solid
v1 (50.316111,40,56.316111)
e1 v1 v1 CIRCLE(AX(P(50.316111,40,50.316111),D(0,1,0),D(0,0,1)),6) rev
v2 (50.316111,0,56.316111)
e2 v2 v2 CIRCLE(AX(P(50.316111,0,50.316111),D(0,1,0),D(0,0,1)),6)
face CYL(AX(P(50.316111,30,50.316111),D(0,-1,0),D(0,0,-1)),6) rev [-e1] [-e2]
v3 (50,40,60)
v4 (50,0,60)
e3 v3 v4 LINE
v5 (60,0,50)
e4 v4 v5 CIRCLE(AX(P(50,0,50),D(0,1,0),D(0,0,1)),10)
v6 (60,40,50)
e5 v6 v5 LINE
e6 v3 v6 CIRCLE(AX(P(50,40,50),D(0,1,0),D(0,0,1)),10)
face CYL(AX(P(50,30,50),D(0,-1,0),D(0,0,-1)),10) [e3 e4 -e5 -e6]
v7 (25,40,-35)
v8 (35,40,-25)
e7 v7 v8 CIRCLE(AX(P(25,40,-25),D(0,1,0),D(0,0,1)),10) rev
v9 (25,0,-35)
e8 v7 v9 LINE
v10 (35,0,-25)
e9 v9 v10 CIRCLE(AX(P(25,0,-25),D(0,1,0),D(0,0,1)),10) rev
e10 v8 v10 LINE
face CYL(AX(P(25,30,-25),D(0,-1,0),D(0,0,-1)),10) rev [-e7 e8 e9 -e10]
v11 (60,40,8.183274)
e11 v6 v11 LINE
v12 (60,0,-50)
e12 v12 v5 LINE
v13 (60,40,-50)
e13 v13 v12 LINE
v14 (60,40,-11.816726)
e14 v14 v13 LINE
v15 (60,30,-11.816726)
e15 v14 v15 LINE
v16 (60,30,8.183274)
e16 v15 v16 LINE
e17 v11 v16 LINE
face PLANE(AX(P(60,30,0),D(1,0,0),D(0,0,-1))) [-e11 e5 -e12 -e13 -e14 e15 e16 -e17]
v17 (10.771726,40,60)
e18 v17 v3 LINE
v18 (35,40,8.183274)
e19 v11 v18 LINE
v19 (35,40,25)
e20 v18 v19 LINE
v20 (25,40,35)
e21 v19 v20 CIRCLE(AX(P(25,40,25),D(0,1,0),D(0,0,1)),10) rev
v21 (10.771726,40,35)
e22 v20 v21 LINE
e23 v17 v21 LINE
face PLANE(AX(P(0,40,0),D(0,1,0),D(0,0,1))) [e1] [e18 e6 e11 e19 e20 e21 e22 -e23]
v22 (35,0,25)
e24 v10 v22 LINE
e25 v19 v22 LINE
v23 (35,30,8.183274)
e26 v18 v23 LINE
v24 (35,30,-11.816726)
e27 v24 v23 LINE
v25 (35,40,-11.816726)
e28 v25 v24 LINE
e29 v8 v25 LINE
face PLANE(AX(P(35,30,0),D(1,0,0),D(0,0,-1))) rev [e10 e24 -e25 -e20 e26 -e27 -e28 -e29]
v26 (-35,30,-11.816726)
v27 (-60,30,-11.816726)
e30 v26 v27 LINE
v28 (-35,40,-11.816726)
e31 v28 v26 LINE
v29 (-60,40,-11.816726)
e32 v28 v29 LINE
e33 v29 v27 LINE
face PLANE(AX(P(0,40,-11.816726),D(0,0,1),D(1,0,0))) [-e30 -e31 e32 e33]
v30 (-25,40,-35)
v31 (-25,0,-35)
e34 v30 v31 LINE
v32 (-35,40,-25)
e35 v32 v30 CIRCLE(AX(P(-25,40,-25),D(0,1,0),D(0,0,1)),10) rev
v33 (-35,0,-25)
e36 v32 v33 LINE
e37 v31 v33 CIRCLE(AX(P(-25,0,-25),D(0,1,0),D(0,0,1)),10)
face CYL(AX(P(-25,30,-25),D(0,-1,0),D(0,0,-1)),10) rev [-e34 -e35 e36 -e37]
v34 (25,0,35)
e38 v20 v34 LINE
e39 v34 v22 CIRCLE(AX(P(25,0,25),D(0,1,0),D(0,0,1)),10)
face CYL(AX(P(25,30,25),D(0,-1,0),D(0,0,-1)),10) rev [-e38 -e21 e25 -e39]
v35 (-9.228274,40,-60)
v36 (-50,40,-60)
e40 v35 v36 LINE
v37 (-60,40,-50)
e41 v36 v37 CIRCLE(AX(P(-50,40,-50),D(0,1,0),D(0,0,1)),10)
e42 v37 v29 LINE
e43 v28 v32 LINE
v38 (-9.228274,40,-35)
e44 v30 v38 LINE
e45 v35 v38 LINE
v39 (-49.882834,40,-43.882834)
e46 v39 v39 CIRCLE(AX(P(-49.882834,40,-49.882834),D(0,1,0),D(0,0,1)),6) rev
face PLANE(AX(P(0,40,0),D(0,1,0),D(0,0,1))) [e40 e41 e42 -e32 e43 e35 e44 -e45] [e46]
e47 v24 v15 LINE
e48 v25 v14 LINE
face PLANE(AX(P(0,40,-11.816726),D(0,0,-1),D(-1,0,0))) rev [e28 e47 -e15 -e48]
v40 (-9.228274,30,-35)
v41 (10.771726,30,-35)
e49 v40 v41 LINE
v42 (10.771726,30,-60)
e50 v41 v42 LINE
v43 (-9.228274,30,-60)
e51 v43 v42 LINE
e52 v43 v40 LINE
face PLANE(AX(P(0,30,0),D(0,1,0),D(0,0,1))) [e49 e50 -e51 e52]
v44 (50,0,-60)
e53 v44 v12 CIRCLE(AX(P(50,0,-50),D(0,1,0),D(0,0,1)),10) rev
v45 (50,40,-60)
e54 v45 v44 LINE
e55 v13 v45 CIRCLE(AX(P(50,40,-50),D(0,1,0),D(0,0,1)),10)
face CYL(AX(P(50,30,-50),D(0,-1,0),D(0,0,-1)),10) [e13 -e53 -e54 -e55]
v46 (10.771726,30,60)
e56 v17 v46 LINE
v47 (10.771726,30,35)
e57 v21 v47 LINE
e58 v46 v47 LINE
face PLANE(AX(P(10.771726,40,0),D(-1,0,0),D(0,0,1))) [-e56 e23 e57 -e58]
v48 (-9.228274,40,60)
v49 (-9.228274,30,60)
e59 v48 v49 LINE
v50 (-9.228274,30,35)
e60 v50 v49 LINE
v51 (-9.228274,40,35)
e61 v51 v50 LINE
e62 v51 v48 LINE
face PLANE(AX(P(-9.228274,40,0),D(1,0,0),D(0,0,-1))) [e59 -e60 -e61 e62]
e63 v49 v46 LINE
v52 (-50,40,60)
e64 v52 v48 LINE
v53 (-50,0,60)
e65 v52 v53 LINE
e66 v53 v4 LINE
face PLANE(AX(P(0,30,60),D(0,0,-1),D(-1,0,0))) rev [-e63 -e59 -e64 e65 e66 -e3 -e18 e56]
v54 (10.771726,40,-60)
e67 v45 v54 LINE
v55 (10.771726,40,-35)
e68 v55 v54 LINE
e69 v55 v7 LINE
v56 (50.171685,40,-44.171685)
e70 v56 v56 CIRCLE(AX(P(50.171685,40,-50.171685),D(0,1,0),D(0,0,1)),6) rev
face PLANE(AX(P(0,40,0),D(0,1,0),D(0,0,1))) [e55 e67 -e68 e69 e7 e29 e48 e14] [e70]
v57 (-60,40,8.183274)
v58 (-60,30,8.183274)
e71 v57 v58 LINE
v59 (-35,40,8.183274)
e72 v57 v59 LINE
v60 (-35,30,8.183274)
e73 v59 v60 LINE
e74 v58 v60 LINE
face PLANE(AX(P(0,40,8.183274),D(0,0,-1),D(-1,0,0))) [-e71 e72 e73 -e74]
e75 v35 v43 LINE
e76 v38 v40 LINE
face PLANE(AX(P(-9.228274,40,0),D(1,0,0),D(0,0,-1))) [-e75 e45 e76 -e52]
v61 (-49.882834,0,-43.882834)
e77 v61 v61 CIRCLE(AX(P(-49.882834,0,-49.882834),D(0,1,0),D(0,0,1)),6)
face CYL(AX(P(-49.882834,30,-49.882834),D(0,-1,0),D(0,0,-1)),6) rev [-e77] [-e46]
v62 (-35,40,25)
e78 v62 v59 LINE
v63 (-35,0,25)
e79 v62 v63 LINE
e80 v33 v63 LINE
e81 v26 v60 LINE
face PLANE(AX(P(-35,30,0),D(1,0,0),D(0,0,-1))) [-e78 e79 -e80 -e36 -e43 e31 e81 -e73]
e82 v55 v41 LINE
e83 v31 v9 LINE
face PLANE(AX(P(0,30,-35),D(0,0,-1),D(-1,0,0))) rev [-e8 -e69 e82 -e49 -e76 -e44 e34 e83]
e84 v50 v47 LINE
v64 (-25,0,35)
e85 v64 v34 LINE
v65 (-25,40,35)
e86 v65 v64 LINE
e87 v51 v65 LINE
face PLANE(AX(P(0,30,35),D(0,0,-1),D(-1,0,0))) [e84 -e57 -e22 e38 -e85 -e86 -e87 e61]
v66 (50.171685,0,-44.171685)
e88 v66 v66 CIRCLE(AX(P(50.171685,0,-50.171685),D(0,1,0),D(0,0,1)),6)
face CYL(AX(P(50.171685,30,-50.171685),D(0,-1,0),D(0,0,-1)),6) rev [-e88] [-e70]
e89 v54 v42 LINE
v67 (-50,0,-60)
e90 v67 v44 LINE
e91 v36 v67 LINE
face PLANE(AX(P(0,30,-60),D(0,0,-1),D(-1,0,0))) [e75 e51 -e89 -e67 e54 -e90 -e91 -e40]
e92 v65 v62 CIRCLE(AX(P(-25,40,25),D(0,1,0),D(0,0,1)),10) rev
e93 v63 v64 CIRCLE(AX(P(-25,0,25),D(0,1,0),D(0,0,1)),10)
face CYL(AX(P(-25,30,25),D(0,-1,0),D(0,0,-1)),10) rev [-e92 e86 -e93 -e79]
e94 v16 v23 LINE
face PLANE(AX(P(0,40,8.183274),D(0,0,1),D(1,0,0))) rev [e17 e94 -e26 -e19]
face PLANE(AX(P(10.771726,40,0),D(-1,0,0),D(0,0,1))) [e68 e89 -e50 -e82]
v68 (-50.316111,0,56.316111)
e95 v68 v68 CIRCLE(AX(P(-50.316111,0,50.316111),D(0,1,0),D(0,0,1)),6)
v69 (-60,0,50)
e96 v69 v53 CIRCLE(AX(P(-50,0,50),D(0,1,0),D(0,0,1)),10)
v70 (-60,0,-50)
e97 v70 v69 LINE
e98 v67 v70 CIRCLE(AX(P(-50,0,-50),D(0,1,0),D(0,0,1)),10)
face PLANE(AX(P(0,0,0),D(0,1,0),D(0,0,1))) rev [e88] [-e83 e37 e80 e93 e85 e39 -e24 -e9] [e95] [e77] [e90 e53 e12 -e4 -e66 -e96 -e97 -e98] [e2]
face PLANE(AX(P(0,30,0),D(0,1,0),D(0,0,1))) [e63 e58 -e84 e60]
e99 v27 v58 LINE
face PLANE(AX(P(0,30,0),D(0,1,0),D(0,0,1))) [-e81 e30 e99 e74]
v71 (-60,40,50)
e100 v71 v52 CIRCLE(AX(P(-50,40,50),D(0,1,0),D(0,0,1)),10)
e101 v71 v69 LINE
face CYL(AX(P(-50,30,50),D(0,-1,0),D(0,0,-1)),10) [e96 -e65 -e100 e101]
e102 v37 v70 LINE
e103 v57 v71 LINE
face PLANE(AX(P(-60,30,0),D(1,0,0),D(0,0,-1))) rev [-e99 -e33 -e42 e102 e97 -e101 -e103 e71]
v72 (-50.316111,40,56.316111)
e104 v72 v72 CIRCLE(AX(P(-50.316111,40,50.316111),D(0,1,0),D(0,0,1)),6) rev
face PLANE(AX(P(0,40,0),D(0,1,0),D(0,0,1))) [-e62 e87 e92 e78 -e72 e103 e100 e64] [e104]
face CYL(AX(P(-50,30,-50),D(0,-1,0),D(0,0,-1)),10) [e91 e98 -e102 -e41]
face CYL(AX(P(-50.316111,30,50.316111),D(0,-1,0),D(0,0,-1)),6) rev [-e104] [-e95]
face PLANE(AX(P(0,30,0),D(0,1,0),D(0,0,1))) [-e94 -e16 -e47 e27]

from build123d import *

# Parameters (mm, degrees)
SKETCH1_R           = 6
SKETCH1_W           = 25
SKETCH1_H           = 20
SKETCH1_W_2         = 20
SKETCH1_H_2         = 25
BOSS_EXTRUDE1_DEPTH = 30
SKETCH2_R           = 6
BOSS_EXTRUDE2_DEPTH = 10


with BuildPart() as part:
    # Sketch1 → Boss-Extrude1 (new body)
    # profile 1 of 8: a face of its own
    with BuildSketch(Plane(origin=(0, 0, 0), x_dir=(1, 0, 0), z_dir=(0, 1, 0))):
        with BuildLine():
            Line((-9.676519666, -60), (-9.676519666, -35))
            Line((-9.676519666, -35), (-25, -35))
            ThreePointArc((-25, -35), (-32.071067812, -32.071067812), (-35, -25))
            Line((-35, -25), (-35, -7.678426698))
            Line((-35, -7.678426698), (-60, -7.678426698))
            Line((-60, -7.678426698), (-60, -50))
            ThreePointArc((-60, -50), (-57.071067812, -57.071067812), (-50, -60))
            Line((-50, -60), (-9.676519666, -60))
        make_face()
        with Locations(Location((-50.316110583, -50.316110583, 0), (0, 0, 270))):
            Circle(SKETCH1_R, mode=Mode.SUBTRACT)
    # profile 2 of 8: a face of its own
    with BuildSketch(Plane(origin=(0, 0, 0), x_dir=(1, 0, 0), z_dir=(0, 1, 0))):
        with BuildLine():
            Line((-60, 12.321573302), (-35, 12.321573302))
            Line((-35, 12.321573302), (-35, 25))
            ThreePointArc((-35, 25), (-32.071067812, 32.071067812), (-25, 35))
            Line((-25, 35), (-9.676519666, 35))
            Line((-9.676519666, 35), (-9.676519666, 60))
            Line((-9.676519666, 60), (-50, 60))
            ThreePointArc((-50, 60), (-57.071067812, 57.071067812), (-60, 50))
            Line((-60, 50), (-60, 12.321573302))
        make_face()
        with Locations(Location((-49.882833986, 49.882833986, 0), (0, 0, 270))):
            Circle(SKETCH1_R, mode=Mode.SUBTRACT)
    # profile 3 of 8: a face of its own
    with BuildSketch(Plane(origin=(0, 0, 0), x_dir=(1, 0, 0), z_dir=(0, 1, 0))):
        with BuildLine():
            Line((35, 25), (35, 12.321573302))
            Line((35, 12.321573302), (60, 12.321573302))
            Line((60, 12.321573302), (60, 50))
            ThreePointArc((60, 50), (57.071067812, 57.071067812), (50, 60))
            Line((50, 60), (10.323480334, 60))
            Line((10.323480334, 60), (10.323480334, 35))
            Line((10.323480334, 35), (25, 35))
            ThreePointArc((25, 35), (32.071067812, 32.071067812), (35, 25))
        make_face()
        with Locations(Location((50.17168505, 50.17168505, 0), (0, 0, 270))):
            Circle(SKETCH1_R, mode=Mode.SUBTRACT)
    # profile 4 of 8: a face of its own
    with BuildSketch(Plane(origin=(0, 0, 0), x_dir=(1, 0, 0), z_dir=(0, 1, 0))):
        with BuildLine():
            Line((25, -35), (10.323480334, -35))
            Line((10.323480334, -35), (10.323480334, -60))
            Line((10.323480334, -60), (50, -60))
            ThreePointArc((50, -60), (57.071067812, -57.071067812), (60, -50))
            Line((60, -50), (60, -7.678426698))
            Line((60, -7.678426698), (35, -7.678426698))
            Line((35, -7.678426698), (35, -25))
            ThreePointArc((35, -25), (32.071067812, -32.071067812), (25, -35))
        make_face()
        with Locations(Location((50.316110583, -50.316110583, 0), (0, 0, 270))):
            Circle(SKETCH1_R, mode=Mode.SUBTRACT)
    # profile 5 of 8: a face of its own
    with BuildSketch(Plane(origin=(0, 0, 0), x_dir=(1, 0, 0), z_dir=(0, 1, 0))):
        with Locations((-47.5, 2.321573302)):
            Rectangle(SKETCH1_W, SKETCH1_H)
    # profile 6 of 8: a face of its own
    with BuildSketch(Plane(origin=(0, 0, 0), x_dir=(1, 0, 0), z_dir=(0, 1, 0))):
        with Locations((47.5, 2.321573302)):
            Rectangle(SKETCH1_W, SKETCH1_H)
    # profile 7 of 8: a face of its own
    with BuildSketch(Plane(origin=(0, 0, 0), x_dir=(1, 0, 0), z_dir=(0, 1, 0))):
        with Locations((0.323480334, 47.5)):
            Rectangle(SKETCH1_W_2, SKETCH1_H_2)
    # profile 8 of 8: a face of its own
    with BuildSketch(Plane(origin=(0, 0, 0), x_dir=(1, 0, 0), z_dir=(0, 1, 0))):
        with Locations((0.323480334, -47.5)):
            Rectangle(SKETCH1_W_2, SKETCH1_H_2)
    extrude(amount=BOSS_EXTRUDE1_DEPTH)

    # Sketch2 → Boss-Extrude2 (add)
    # profile 1 of 4: a face of its own
    with BuildSketch(Plane(origin=(0, 30, 0), x_dir=(1, 0, 0), z_dir=(0, 1, 0))):
        with BuildLine():
            Line((-9.228273843, 35), (-9.228273843, 60))
            Line((-9.228273843, 60), (-50, 60))
            ThreePointArc((-50, 60), (-57.071067812, 57.071067812), (-60, 50))
            Line((-60, 50), (-60, 11.816725799))
            Line((-60, 11.816725799), (-35, 11.816725799))
            Line((-35, 11.816725799), (-35, 25))
            ThreePointArc((-35, 25), (-32.071067812, 32.071067812), (-25, 35))
            Line((-25, 35), (-9.228273843, 35))
        make_face()
        with Locations(Location((-49.882833986, 49.882833986, 0), (0, 0, 270))):
            Circle(SKETCH2_R, mode=Mode.SUBTRACT)
    # profile 2 of 4: a face of its own
    with BuildSketch(Plane(origin=(0, 30, 0), x_dir=(1, 0, 0), z_dir=(0, 1, 0))):
        with BuildLine():
            Line((50, 60), (10.771726157, 60))
            Line((10.771726157, 60), (10.771726157, 35))
            Line((10.771726157, 35), (25, 35))
            ThreePointArc((25, 35), (32.071067812, 32.071067812), (35, 25))
            Line((35, 25), (35, 11.816725799))
            Line((35, 11.816725799), (60, 11.816725799))
            Line((60, 11.816725799), (60, 50))
            ThreePointArc((60, 50), (57.071067812, 57.071067812), (50, 60))
        make_face()
        with Locations(Location((50.17168505, 50.17168505, 0), (0, 0, 270))):
            Circle(SKETCH2_R, mode=Mode.SUBTRACT)
    # profile 3 of 4: a face of its own
    with BuildSketch(Plane(origin=(0, 30, 0), x_dir=(1, 0, 0), z_dir=(0, 1, 0))):
        with BuildLine():
            Line((60, -50), (60, -8.183274201))
            Line((60, -8.183274201), (35, -8.183274201))
            Line((35, -8.183274201), (35, -25))
            ThreePointArc((35, -25), (32.071067812, -32.071067812), (25, -35))
            Line((25, -35), (10.771726157, -35))
            Line((10.771726157, -35), (10.771726157, -60))
            Line((10.771726157, -60), (50, -60))
            ThreePointArc((50, -60), (57.071067812, -57.071067812), (60, -50))
        make_face()
        with Locations(Location((50.316110583, -50.316110583, 0), (0, 0, 270))):
            Circle(SKETCH2_R, mode=Mode.SUBTRACT)
    # profile 4 of 4: a face of its own
    with BuildSketch(Plane(origin=(0, 30, 0), x_dir=(1, 0, 0), z_dir=(0, 1, 0))):
        with BuildLine():
            Line((-35, -8.183274201), (-60, -8.183274201))
            Line((-60, -8.183274201), (-60, -50))
            ThreePointArc((-60, -50), (-57.071067812, -57.071067812), (-50, -60))
            Line((-50, -60), (-9.228273843, -60))
            Line((-9.228273843, -60), (-9.228273843, -35))
            Line((-9.228273843, -35), (-25, -35))
            ThreePointArc((-25, -35), (-32.071067812, -32.071067812), (-35, -25))
            Line((-35, -25), (-35, -8.183274201))
        make_face()
        with Locations(Location((-50.316110583, -50.316110583, 0), (0, 0, 270))):
            Circle(SKETCH2_R, mode=Mode.SUBTRACT)
    extrude(amount=BOSS_EXTRUDE2_DEPTH)


solid = part.part
